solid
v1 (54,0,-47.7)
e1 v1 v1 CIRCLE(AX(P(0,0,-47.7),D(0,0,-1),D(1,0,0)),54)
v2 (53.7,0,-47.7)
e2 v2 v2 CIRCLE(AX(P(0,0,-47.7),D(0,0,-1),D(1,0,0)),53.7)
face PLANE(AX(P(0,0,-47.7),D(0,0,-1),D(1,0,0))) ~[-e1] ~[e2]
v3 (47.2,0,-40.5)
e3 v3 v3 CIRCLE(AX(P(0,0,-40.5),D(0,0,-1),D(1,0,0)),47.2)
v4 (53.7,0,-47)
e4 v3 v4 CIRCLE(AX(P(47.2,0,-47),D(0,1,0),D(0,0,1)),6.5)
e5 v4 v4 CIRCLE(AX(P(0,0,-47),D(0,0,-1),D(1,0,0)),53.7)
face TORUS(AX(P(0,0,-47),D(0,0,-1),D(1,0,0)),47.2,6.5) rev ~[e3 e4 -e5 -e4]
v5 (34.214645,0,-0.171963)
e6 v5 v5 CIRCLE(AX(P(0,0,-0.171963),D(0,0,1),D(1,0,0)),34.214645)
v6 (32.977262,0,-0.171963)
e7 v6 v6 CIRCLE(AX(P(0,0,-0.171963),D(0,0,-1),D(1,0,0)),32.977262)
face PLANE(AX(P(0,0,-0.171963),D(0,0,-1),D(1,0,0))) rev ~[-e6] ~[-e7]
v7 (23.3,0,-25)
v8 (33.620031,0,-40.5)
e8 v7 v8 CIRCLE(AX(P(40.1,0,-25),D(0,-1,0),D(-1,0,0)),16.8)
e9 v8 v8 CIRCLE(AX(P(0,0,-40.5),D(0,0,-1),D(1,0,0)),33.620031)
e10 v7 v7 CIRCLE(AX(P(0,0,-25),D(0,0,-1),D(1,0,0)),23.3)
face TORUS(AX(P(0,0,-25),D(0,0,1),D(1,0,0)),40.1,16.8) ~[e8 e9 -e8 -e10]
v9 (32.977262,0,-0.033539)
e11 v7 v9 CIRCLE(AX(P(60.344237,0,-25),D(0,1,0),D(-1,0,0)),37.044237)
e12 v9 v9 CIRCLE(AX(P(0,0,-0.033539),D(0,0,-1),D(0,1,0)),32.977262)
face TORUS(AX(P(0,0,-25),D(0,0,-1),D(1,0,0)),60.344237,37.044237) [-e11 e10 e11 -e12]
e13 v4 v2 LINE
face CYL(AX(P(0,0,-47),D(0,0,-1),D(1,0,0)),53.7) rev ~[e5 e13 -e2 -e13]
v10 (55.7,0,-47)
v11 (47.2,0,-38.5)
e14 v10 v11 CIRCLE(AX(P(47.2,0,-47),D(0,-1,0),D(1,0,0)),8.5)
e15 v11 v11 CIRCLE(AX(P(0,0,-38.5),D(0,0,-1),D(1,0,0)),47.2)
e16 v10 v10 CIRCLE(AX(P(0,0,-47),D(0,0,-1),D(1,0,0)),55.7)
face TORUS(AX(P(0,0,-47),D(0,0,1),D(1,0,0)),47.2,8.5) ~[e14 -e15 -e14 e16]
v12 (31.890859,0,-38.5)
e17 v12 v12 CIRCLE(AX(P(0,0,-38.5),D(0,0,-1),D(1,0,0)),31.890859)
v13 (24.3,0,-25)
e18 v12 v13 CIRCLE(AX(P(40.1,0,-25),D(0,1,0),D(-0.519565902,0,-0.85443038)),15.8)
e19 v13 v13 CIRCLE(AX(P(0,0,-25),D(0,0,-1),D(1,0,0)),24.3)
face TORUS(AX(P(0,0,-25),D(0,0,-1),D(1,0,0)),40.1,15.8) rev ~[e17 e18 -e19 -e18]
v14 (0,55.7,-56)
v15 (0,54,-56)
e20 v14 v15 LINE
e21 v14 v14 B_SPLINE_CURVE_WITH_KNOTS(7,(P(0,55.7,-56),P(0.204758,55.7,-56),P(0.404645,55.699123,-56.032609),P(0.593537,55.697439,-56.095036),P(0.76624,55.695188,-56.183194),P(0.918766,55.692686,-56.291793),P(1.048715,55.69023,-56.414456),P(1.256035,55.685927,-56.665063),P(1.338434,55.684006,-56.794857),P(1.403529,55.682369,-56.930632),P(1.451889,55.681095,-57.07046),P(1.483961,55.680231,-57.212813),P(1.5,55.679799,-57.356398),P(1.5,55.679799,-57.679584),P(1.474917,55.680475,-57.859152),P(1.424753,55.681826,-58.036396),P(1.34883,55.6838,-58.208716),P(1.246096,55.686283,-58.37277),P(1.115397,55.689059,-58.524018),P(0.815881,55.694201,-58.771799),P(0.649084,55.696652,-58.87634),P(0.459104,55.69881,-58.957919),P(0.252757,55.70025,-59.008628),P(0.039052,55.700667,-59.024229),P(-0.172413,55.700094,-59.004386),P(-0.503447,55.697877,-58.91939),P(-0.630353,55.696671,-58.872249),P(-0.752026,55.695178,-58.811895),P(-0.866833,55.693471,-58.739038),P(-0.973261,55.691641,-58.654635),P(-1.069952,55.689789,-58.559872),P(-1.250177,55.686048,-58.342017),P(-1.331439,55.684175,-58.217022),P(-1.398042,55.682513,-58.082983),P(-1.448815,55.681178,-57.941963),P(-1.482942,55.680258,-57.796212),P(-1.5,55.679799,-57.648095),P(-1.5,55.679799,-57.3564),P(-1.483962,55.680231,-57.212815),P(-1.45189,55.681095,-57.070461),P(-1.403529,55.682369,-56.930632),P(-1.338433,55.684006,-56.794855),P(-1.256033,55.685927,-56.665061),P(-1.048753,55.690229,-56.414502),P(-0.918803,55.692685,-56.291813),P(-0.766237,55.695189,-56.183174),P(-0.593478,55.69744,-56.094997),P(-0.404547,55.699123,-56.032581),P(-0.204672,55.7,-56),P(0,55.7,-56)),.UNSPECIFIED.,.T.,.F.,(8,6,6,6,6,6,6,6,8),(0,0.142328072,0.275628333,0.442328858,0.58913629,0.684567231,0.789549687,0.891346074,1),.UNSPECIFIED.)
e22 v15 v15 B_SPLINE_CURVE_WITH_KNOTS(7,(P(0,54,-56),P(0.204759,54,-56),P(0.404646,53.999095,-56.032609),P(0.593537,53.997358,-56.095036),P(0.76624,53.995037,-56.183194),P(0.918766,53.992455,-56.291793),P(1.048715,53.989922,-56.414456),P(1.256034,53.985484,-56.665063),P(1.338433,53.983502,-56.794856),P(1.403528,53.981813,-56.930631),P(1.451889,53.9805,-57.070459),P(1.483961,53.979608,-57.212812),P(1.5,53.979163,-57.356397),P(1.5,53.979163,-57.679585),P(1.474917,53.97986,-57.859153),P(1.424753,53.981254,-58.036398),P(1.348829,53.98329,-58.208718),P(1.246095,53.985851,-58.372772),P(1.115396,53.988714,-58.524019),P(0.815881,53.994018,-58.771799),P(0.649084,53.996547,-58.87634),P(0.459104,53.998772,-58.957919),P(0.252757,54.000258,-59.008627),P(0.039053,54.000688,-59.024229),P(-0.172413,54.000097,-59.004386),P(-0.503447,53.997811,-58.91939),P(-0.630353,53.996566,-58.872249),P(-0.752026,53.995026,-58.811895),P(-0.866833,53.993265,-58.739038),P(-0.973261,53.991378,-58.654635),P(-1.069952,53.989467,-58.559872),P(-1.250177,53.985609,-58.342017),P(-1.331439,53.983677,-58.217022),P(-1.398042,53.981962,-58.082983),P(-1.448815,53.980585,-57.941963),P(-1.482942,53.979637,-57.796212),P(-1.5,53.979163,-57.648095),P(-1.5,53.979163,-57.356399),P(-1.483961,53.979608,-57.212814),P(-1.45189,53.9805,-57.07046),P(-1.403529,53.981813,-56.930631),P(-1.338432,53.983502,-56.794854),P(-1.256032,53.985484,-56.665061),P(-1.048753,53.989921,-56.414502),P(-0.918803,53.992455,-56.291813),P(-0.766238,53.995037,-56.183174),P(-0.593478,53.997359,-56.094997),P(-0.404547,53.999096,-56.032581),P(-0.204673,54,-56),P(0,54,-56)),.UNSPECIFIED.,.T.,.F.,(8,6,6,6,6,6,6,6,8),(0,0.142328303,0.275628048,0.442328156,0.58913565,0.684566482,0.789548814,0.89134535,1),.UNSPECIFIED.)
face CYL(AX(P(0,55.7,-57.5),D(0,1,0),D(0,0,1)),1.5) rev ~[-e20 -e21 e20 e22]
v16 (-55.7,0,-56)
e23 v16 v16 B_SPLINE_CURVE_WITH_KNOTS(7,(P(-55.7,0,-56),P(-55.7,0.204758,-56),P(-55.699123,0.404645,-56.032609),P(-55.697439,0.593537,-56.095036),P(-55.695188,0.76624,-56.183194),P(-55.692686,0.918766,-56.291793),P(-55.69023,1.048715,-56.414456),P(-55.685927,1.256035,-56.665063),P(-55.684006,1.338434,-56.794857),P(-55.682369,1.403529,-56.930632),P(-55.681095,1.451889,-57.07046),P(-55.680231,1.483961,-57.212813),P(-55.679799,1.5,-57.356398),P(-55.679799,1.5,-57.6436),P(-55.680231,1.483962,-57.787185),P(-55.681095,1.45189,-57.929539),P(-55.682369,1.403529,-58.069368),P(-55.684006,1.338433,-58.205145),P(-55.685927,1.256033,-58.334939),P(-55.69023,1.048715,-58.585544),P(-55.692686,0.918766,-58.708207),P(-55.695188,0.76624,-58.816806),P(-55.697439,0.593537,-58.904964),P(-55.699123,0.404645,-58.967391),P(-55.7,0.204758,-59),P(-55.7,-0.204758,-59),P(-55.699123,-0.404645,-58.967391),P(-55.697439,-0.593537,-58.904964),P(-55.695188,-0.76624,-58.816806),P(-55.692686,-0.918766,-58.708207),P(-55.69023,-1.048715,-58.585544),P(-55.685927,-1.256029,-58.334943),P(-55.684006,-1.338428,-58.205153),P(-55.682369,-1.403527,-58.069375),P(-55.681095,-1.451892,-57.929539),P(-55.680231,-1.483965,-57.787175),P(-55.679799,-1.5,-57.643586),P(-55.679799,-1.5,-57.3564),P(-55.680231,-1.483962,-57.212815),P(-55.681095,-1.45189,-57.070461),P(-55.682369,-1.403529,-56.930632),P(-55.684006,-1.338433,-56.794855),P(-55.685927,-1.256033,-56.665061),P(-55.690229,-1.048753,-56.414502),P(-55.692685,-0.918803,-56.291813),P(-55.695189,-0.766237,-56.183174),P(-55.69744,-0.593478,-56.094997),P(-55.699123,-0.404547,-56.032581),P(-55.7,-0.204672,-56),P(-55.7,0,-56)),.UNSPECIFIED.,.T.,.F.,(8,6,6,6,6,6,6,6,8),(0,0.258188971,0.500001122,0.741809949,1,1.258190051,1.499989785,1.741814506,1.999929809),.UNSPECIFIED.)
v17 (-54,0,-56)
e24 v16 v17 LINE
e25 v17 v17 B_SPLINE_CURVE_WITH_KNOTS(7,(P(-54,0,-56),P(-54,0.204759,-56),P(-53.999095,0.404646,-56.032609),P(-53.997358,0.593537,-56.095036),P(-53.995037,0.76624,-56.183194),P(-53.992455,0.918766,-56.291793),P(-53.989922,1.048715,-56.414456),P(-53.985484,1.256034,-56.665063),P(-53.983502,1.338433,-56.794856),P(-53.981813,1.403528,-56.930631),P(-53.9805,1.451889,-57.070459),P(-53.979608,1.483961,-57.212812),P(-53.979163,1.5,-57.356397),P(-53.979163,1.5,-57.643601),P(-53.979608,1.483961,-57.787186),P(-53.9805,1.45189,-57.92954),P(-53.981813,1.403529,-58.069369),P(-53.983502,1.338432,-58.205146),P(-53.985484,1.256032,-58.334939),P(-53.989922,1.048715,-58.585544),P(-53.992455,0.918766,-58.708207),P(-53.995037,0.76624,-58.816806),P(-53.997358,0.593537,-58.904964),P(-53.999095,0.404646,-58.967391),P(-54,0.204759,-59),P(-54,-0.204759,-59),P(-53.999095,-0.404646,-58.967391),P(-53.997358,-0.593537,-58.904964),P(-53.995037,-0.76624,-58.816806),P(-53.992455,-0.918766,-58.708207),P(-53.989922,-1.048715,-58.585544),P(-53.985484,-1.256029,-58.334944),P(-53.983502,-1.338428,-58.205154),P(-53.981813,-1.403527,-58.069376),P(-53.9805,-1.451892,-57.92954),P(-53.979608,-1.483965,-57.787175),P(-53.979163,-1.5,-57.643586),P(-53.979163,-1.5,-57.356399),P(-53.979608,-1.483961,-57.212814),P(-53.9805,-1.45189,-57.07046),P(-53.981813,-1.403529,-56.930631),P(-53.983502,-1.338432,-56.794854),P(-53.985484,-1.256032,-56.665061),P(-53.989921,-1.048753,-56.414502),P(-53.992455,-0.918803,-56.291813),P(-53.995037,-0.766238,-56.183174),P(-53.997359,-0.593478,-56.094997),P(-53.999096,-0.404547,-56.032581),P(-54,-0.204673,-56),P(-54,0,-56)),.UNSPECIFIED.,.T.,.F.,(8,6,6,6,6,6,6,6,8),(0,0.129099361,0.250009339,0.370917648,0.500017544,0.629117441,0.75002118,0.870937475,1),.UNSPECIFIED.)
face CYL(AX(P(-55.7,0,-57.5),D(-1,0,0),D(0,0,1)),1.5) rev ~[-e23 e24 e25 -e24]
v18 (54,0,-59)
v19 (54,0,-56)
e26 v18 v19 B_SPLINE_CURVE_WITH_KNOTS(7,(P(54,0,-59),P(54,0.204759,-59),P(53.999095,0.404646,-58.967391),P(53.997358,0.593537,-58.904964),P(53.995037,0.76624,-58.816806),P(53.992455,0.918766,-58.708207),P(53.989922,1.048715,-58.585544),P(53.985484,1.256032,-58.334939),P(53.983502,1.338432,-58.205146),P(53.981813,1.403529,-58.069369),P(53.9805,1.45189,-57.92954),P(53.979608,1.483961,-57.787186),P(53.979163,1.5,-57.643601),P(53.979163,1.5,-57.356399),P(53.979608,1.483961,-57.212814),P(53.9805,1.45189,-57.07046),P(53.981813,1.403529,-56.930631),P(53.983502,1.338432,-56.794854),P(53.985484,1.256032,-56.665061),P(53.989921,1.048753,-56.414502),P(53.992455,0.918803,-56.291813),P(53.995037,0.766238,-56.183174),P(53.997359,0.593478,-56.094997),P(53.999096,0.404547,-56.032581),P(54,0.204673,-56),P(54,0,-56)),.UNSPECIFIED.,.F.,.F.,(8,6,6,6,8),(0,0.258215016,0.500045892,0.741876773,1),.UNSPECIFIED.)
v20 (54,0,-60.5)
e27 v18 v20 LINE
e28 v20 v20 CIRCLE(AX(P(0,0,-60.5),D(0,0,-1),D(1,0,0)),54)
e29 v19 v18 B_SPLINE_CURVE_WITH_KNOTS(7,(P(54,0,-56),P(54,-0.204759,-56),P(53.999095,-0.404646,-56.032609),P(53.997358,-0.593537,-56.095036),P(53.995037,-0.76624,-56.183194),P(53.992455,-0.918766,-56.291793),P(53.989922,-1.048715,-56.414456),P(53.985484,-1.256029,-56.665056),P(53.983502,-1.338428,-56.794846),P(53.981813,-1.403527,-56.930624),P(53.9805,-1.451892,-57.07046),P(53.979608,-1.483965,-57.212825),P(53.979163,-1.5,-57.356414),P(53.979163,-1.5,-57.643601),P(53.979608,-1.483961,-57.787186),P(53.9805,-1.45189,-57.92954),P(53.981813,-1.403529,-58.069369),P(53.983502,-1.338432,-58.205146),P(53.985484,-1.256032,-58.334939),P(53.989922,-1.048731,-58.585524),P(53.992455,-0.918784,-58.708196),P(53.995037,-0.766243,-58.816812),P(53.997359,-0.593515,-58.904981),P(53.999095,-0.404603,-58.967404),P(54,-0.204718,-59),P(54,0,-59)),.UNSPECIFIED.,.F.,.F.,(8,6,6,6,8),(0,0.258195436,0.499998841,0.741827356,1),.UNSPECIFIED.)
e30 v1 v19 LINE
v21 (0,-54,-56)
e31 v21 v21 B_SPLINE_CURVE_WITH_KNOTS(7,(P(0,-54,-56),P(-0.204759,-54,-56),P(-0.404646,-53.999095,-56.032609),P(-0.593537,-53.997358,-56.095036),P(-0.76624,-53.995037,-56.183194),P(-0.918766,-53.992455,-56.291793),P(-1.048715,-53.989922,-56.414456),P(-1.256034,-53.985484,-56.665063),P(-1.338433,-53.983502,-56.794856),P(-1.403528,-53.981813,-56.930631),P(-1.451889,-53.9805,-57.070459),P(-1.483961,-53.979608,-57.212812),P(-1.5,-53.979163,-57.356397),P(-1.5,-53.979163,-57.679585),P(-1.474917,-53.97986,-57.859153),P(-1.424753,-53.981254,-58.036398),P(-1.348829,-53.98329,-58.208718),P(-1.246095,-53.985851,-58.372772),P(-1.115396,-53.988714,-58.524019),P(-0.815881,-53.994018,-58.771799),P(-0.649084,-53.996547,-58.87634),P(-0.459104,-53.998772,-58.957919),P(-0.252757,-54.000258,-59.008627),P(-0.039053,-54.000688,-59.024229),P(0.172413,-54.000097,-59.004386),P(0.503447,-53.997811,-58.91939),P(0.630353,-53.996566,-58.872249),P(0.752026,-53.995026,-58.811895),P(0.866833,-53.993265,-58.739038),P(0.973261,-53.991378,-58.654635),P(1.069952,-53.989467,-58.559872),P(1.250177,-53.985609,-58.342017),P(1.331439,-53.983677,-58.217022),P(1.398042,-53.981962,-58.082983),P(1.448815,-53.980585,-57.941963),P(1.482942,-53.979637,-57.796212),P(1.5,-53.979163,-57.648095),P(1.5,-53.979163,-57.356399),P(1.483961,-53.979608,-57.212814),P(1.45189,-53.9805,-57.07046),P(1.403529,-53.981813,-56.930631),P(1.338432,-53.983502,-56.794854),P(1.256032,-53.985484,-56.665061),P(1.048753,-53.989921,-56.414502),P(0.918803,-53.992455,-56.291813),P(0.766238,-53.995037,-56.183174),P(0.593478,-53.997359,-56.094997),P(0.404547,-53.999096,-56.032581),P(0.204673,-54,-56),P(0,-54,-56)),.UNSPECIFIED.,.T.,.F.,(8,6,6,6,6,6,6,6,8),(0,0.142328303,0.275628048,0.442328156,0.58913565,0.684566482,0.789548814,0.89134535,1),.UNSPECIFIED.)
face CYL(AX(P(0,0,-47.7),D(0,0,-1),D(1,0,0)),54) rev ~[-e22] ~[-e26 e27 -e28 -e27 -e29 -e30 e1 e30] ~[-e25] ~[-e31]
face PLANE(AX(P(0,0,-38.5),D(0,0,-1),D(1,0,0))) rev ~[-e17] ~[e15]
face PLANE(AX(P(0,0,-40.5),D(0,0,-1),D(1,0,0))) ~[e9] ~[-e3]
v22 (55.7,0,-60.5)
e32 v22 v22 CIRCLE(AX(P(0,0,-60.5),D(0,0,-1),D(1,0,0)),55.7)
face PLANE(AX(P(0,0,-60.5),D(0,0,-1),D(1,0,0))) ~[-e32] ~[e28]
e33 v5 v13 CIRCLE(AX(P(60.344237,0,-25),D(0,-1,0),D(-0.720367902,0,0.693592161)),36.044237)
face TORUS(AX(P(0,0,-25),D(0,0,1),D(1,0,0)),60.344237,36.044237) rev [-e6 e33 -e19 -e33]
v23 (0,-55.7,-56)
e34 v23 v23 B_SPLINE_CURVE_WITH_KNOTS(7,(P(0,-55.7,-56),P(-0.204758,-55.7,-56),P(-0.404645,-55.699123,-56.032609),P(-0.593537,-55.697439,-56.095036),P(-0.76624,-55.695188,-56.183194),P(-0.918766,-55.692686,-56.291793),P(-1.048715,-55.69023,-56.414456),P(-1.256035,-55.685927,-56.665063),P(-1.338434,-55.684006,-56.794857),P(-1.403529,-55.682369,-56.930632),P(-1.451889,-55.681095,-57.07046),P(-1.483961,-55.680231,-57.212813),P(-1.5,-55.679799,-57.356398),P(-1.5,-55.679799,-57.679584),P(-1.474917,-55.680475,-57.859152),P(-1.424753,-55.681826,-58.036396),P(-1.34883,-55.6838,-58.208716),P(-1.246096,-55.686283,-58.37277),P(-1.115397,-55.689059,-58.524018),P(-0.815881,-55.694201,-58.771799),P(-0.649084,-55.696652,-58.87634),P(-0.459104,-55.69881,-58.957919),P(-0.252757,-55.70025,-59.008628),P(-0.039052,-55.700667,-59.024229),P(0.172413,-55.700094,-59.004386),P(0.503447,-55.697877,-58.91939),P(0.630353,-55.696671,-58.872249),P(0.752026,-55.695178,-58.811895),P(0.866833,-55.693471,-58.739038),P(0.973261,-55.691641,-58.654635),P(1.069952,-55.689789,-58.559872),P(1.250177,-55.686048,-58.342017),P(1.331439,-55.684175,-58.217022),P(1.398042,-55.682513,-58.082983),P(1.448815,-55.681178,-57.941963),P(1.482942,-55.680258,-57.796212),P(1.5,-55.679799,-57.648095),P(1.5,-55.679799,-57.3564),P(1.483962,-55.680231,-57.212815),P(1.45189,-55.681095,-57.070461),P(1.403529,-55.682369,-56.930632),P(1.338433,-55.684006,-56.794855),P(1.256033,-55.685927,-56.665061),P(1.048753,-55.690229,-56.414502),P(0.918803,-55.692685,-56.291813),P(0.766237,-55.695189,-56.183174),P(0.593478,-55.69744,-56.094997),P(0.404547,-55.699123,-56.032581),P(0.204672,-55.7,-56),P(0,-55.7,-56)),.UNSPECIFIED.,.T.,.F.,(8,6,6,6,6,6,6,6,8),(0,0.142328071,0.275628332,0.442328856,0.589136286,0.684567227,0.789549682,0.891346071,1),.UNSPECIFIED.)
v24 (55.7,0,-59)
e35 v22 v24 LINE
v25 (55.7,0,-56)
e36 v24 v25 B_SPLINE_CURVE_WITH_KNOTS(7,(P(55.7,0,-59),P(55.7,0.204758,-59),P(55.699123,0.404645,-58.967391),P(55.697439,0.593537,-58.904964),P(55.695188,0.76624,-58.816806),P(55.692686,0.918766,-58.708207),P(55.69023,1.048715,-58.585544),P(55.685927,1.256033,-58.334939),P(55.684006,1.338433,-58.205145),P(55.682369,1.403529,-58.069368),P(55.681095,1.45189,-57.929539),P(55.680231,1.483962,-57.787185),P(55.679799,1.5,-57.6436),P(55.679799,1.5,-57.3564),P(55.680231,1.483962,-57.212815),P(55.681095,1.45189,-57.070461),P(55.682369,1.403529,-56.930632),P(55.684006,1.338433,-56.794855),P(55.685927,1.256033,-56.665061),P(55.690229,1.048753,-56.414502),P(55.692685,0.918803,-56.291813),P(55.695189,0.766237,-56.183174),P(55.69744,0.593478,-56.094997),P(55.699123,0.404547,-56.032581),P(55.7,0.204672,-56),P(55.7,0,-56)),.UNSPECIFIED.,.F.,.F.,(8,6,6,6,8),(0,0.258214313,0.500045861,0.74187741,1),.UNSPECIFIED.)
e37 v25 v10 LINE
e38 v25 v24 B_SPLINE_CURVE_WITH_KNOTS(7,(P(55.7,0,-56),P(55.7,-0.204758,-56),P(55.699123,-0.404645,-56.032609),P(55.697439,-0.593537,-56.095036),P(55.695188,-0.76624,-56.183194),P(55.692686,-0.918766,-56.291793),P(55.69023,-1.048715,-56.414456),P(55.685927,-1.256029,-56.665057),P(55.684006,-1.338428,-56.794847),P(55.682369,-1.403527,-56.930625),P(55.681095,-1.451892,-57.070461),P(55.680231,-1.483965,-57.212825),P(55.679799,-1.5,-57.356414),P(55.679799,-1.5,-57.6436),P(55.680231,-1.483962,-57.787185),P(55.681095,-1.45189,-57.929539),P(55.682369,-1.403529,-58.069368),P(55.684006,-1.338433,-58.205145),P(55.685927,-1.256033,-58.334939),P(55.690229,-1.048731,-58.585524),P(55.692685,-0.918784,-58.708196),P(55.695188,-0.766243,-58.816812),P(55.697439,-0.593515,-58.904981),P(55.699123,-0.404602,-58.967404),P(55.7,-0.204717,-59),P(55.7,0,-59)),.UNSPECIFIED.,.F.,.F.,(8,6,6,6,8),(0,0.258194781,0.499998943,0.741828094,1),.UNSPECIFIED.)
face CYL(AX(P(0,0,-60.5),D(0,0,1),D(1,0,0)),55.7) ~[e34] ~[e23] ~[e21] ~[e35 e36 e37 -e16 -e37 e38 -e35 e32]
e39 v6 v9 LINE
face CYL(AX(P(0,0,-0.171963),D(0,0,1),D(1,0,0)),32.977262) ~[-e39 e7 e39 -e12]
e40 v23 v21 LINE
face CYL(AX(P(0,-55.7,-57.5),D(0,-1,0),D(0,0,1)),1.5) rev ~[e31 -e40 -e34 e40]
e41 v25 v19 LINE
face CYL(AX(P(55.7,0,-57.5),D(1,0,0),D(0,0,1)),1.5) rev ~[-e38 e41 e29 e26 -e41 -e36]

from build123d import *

# Parameters (mm, degrees)
SKETCH2_R          = 1.5
CUT_EXTRUDE1_DEPTH = 10
CIRPATTERN1_COUNT  = 4


with BuildPart() as part:
    # Sketch1 → Revolve1 (revolve)
    with BuildSketch(Plane(origin=(0, 0, 0), x_dir=(1, 0, 0), z_dir=(0, 1, 0)), mode=Mode.PRIVATE) as revolve1_sk:
        with BuildLine():
            Line((-33.620030864, 40.5), (-47.2, 40.5))
            ThreePointArc((-47.2, 40.5), (-51.796194078, 42.403805922), (-53.7, 47))
            Line((-53.7, 47), (-53.7, 47.5))
            Line((-53.7, 47.5), (-53.7, 47.7))
            Line((-53.7, 47.7), (-54, 47.7))
            Line((-54, 47.7), (-54, 49.5))
            Line((-54, 49.5), (-54, 60.5))
            Line((-54, 60.5), (-55.7, 60.5))
            Line((-55.7, 60.5), (-55.7, 47))
            ThreePointArc((-55.7, 47), (-53.21040764, 40.98959236), (-47.2, 38.5))
            Line((-47.2, 38.5), (-31.890858754, 38.5))
            ThreePointArc((-31.890858754, 38.5), (-26.327846361, 32.743886889), (-24.3, 25))
            Line((-24.3, 25), (-23.3, 25))
            ThreePointArc((-23.3, 25), (-26.116018423, 34.310652999), (-33.620030864, 40.5))
        make_face()
    revolve(revolve1_sk.sketch.rotate(Axis((0, 0, 0), (0, 0, -1)), 180), axis=Axis((0, 0, 0), (0, 0, -1)))

    # Sketch2 → Cut-Extrude1 (cut)
    with BuildSketch(Plane(origin=(0, 55.7, 0), x_dir=(1, 0, 0), z_dir=(0, 1, 0))):
        with Locations(Location((0, 57.5, 0), (0, 0, 270))):
            Circle(SKETCH2_R)
    cut_extrude1 = extrude(amount=-CUT_EXTRUDE1_DEPTH, mode=Mode.SUBTRACT)

    # CirPattern1: Cut-Extrude1 ×4 about axis
    cirpattern1_axis = Axis((0, 0, 0), (0, 0, 1))
    for i in range(1, CIRPATTERN1_COUNT):
        add(cut_extrude1.rotate(cirpattern1_axis, i * 360 / CIRPATTERN1_COUNT), mode=Mode.SUBTRACT)

    # Sketch4 → Revolve2 (revolve)
    with BuildSketch(Plane(origin=(0, 0, 0), x_dir=(1, 0, 0), z_dir=(0, 1, 0)), mode=Mode.PRIVATE) as revolve2_sk:
        with BuildLine():
            Line((-24.3, 25), (-23.3, 25))
            ThreePointArc((-23.3, 25), (-25.812155139, 11.590644472), (-33.007896924, 0))
            Line((-33.007896924, 0), (-34.379125514, 0))
            ThreePointArc((-34.379125514, 0), (-26.914612018, 11.522344685), (-24.3, 25))
        make_face()
    revolve(revolve2_sk.sketch.rotate(Axis((0, 0, 0), (0, 0, -1)), 180), axis=Axis((0, 0, 0), (0, 0, -1)))

    # Sketch12 → Cut-Revolve2 (revolve, cut)
    with BuildSketch(Plane(origin=(0, 0, 0), x_dir=(0, 0, -1), z_dir=(1, 0, 0)), mode=Mode.PRIVATE) as cut_revolve2_sk:
        Polygon((0.171963045, 34.804821283), (0.171963045, 32.977261807), (-3.294935837, 32.977261807), align=None)
    revolve(cut_revolve2_sk.sketch.rotate(Axis((0, 0, 33.840895414), (0, 0, -1)), 90), axis=Axis((0, 0, 33.840895414), (0, 0, -1)), mode=Mode.SUBTRACT)


solid = part.part
